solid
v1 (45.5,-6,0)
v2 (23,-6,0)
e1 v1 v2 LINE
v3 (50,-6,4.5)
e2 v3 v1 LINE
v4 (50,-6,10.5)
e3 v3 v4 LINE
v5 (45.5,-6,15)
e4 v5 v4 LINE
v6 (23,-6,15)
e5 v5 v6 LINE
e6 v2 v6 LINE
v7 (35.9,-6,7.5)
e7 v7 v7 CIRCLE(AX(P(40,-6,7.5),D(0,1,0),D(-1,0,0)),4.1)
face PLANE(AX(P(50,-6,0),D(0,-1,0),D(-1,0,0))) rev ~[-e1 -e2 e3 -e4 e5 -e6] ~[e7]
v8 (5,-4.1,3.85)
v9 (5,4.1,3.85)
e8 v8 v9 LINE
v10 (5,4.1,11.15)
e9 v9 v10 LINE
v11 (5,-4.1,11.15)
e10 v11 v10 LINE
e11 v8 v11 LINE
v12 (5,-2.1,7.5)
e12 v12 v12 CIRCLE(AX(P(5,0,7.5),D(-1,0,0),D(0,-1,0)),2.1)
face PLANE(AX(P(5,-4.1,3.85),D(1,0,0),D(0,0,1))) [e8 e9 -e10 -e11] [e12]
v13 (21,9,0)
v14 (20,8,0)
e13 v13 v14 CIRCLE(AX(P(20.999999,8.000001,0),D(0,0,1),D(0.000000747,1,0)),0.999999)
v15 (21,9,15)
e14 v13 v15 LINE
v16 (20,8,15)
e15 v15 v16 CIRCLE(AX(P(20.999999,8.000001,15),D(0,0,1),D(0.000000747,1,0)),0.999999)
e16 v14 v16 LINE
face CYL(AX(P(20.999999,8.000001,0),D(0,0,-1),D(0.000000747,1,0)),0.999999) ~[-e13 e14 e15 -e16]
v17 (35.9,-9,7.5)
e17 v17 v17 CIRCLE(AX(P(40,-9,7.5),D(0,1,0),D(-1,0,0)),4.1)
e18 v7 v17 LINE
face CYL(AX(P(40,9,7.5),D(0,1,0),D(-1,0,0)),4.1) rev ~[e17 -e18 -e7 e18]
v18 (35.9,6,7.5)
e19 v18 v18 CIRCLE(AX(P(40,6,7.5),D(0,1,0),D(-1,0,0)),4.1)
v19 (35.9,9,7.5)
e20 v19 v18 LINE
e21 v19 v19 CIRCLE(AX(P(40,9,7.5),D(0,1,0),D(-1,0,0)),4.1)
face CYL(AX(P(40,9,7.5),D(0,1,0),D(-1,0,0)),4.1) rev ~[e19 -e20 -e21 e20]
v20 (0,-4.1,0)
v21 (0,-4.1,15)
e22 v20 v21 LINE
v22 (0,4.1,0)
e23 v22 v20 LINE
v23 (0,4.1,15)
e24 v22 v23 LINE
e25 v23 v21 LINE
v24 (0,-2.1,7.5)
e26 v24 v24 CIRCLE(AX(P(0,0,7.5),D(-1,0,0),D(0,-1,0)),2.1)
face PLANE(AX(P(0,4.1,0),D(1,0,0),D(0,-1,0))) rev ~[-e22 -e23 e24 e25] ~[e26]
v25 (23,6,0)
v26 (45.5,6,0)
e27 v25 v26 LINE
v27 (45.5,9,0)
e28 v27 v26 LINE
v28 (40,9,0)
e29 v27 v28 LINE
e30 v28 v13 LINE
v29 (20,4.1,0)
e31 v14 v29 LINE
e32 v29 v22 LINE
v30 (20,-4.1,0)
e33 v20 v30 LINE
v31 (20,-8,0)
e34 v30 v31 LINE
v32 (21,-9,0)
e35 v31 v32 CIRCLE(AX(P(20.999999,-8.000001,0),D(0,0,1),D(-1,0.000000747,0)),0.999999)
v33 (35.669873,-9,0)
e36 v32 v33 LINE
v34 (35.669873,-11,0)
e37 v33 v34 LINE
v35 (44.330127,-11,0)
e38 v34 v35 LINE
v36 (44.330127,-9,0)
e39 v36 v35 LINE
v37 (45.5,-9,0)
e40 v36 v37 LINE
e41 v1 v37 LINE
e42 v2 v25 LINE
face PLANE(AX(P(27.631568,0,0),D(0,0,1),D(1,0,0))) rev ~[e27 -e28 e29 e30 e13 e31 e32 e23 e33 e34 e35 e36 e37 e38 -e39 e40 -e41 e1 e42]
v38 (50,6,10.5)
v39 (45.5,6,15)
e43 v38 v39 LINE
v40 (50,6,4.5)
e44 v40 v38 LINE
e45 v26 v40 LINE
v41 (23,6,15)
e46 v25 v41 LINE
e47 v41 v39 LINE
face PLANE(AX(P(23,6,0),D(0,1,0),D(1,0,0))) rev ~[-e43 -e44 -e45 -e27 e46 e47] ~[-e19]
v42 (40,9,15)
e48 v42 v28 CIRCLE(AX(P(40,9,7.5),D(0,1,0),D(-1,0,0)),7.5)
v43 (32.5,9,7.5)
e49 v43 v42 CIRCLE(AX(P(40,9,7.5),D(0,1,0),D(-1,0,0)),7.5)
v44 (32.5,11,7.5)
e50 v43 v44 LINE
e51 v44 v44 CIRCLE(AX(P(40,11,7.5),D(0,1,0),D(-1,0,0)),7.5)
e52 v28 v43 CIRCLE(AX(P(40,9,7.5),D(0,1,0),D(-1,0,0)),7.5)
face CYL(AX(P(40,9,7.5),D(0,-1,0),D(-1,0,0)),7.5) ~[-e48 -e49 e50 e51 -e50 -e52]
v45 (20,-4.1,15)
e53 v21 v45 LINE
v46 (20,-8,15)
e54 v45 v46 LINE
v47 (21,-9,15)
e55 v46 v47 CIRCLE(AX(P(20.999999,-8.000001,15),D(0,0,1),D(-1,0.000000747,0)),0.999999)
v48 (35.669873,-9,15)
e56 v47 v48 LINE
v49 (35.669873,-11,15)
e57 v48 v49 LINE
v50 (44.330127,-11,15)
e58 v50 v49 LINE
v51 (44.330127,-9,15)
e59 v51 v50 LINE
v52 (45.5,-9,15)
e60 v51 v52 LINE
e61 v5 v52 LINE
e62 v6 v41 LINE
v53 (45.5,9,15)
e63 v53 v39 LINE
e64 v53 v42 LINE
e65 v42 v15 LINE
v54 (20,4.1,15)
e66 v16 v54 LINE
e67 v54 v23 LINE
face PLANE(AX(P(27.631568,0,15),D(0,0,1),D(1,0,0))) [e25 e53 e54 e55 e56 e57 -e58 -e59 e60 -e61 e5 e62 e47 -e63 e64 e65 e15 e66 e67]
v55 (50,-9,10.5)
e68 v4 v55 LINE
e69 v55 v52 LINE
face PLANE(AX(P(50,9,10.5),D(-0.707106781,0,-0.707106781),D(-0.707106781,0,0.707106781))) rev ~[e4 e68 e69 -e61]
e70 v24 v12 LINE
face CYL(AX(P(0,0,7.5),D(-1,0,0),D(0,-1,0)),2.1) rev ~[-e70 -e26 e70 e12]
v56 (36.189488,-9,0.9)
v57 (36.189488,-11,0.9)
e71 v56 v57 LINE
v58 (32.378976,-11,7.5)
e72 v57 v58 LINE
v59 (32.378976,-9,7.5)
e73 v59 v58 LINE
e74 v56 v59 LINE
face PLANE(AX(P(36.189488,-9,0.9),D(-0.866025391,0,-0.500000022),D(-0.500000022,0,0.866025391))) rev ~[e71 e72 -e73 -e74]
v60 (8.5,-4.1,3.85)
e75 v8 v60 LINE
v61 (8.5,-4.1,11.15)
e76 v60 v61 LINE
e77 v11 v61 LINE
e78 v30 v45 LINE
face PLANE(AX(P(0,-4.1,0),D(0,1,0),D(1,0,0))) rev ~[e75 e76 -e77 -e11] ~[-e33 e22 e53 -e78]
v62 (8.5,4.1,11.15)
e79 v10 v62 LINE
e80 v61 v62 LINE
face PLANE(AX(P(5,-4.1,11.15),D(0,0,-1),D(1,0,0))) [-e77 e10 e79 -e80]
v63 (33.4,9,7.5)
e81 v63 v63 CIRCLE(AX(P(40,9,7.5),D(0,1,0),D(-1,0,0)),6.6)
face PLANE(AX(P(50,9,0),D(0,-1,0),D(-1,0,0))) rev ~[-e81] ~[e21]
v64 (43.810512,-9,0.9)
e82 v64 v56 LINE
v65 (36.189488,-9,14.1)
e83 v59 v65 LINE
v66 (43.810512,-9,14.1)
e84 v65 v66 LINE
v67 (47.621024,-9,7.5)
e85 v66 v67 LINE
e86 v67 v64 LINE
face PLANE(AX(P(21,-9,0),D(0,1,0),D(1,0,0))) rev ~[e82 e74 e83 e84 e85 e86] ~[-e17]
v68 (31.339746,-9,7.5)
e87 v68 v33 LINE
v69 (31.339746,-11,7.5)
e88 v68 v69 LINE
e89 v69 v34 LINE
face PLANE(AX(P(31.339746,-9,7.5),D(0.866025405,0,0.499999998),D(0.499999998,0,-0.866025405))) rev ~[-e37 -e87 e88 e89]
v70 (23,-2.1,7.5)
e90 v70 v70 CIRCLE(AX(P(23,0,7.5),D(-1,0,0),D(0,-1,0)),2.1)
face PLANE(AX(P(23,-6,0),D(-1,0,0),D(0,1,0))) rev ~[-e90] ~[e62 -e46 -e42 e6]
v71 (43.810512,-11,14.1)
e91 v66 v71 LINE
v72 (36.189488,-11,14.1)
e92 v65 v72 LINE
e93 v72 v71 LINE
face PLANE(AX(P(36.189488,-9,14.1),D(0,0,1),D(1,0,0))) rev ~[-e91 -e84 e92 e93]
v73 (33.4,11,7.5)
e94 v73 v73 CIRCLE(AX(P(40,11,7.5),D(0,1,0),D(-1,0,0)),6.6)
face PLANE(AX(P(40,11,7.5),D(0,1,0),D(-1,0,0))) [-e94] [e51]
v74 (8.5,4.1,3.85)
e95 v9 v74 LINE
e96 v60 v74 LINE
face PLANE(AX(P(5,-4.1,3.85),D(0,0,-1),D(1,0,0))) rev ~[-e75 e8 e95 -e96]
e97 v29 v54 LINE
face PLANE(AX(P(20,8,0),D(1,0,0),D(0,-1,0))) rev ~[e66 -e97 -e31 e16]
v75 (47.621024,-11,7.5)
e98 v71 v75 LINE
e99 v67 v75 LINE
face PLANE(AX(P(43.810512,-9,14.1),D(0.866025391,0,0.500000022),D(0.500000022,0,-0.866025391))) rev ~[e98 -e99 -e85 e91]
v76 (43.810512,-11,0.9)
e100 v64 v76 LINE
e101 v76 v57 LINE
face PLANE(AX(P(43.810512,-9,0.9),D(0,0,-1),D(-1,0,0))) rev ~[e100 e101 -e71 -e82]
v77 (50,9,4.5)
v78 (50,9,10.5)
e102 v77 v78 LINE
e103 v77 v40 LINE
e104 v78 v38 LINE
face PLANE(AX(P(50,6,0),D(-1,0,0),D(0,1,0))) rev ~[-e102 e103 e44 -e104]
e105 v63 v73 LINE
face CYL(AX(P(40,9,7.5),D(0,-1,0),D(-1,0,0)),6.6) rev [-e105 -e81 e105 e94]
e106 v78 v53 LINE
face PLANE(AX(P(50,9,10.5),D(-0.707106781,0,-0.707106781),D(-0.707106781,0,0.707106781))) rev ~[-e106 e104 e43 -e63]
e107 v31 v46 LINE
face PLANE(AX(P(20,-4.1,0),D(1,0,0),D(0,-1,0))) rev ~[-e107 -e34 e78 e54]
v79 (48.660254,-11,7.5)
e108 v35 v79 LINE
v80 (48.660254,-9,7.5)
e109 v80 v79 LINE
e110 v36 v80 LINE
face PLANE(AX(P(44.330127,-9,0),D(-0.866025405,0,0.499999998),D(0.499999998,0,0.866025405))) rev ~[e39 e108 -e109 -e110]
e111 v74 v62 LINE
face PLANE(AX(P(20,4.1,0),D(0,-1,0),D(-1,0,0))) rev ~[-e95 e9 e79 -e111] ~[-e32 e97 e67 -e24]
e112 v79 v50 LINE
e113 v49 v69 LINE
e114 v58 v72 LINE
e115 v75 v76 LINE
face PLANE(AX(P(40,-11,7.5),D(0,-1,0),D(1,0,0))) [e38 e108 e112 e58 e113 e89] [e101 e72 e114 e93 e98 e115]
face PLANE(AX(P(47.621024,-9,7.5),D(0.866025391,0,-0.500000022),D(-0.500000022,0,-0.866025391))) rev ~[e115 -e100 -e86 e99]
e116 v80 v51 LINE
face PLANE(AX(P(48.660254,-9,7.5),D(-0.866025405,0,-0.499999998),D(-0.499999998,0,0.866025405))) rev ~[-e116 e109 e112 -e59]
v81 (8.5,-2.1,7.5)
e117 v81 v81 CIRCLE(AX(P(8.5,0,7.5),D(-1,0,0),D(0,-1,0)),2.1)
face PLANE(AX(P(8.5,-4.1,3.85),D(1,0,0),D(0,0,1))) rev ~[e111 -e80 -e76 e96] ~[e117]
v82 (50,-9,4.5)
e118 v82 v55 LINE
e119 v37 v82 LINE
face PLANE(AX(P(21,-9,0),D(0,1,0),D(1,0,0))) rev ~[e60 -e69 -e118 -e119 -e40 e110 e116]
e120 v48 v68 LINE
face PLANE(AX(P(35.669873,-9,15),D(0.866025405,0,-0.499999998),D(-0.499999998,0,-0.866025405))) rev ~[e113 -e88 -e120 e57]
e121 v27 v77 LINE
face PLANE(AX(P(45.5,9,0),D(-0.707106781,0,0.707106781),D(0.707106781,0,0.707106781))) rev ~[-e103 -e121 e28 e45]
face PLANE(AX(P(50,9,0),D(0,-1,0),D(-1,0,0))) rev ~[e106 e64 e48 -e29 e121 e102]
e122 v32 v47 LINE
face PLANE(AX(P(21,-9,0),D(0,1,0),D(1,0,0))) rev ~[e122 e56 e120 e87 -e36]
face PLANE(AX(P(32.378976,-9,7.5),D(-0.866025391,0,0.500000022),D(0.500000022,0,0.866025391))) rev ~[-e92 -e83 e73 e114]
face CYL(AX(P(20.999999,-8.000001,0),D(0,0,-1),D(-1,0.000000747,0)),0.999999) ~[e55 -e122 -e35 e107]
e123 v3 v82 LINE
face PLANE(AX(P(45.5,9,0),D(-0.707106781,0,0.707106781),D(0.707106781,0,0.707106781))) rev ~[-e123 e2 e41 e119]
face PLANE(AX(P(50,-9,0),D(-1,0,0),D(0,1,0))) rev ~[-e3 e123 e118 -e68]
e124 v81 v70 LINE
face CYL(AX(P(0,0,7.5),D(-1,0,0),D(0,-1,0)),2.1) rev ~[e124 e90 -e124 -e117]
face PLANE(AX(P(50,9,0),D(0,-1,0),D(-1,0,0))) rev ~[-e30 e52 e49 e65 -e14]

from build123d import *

# Parameters (mm, degrees)
F1_DEPTH  = 15
F2_R      = 2.1
F3_DEPTH  = 50.001
F4_W      = 3.5
F4_H      = 7.3
F5_DEPTH  = 13.101
F6_R      = 4.1
F7_DEPTH  = 18.001
F9_DEPTH  = 2
F10_R     = 7.5
F10_R_2   = 6.6
F11_DEPTH = 2


with BuildPart() as f1:
    # F0 (on Top) → F1 (new body)
    with BuildSketch(Plane.XY):
        with BuildLine():
            Line((0, 4.1), (0, 0))
            Line((0, 0), (0, -4.1))
            Line((0, -4.1), (20, -4.1))
            Line((20, -4.1), (20, -8))
            ThreePointArc((20, -8), (20.292893, -8.707107), (21, -9))
            Line((21, -9), (50, -9))
            Line((50, -9), (50, -6))
            Line((50, -6), (23, -6))
            Line((23, -6), (23, 0))
            Line((23, 0), (23, 6))
            Line((23, 6), (50, 6))
            Line((50, 6), (50, 9))
            Line((50, 9), (21, 9))
            ThreePointArc((21, 9), (20.292893, 8.707107), (20, 8))
            Line((20, 8), (20, 4.1))
            Line((20, 4.1), (0, 4.1))
        make_face()
    extrude(amount=F1_DEPTH)

    # F2 (on face) → F3 (cut, through all)
    with BuildSketch(Plane(origin=(0, 0, 0), x_dir=(0, -1, 0), z_dir=(-1, 0, 0))):
        with Locations((0, 7.5)):
            Circle(F2_R)
    extrude(amount=-F3_DEPTH, mode=Mode.SUBTRACT)

    # F4 (on face) → F5 (cut, through all)
    with BuildSketch(Plane.XZ.offset(4.1)):
        with Locations((6.75, 7.5)):
            Rectangle(F4_W, F4_H)
    extrude(amount=-F5_DEPTH, mode=Mode.SUBTRACT)

    # F6 (on face) → F7 (cut, through all)
    with BuildSketch(Plane(origin=(0, 9, 0), x_dir=(-1, 0, 0), z_dir=(0, 1, 0))):
        with Locations((-40, 7.5)):
            Circle(F6_R)
        Polygon((-45.5, 15), (-50, 15), (-50, 10.5), align=None)
        Polygon((-50, 4.5), (-50, 0), (-45.5, 0), align=None)
    extrude(amount=-F7_DEPTH, mode=Mode.SUBTRACT)

    # F8 (on face) → F9 (join)
    with BuildSketch(Plane.XZ.offset(9)):
        Polygon((44.330127, 15), (35.669873, 15), (31.339746, 7.5), (35.669873, 0), (44.330127, 0), (48.660254, 7.5), align=None)
        Polygon((32.378976, 7.5), (36.189488, 14.1), (43.810512, 14.1), (47.621024, 7.5), (43.810512, 0.9), (36.189488, 0.9), align=None, mode=Mode.SUBTRACT)
    extrude(amount=F9_DEPTH)

    # F10 (on face) → F11 (join)
    with BuildSketch(Plane(origin=(0, 9, 0), x_dir=(-1, 0, 0), z_dir=(0, 1, 0))):
        with Locations((-40, 7.5)):
            Circle(F10_R)
        with Locations((-40, 7.5)):
            Circle(F10_R_2, mode=Mode.SUBTRACT)
    extrude(amount=F11_DEPTH)


solid = f1.part
